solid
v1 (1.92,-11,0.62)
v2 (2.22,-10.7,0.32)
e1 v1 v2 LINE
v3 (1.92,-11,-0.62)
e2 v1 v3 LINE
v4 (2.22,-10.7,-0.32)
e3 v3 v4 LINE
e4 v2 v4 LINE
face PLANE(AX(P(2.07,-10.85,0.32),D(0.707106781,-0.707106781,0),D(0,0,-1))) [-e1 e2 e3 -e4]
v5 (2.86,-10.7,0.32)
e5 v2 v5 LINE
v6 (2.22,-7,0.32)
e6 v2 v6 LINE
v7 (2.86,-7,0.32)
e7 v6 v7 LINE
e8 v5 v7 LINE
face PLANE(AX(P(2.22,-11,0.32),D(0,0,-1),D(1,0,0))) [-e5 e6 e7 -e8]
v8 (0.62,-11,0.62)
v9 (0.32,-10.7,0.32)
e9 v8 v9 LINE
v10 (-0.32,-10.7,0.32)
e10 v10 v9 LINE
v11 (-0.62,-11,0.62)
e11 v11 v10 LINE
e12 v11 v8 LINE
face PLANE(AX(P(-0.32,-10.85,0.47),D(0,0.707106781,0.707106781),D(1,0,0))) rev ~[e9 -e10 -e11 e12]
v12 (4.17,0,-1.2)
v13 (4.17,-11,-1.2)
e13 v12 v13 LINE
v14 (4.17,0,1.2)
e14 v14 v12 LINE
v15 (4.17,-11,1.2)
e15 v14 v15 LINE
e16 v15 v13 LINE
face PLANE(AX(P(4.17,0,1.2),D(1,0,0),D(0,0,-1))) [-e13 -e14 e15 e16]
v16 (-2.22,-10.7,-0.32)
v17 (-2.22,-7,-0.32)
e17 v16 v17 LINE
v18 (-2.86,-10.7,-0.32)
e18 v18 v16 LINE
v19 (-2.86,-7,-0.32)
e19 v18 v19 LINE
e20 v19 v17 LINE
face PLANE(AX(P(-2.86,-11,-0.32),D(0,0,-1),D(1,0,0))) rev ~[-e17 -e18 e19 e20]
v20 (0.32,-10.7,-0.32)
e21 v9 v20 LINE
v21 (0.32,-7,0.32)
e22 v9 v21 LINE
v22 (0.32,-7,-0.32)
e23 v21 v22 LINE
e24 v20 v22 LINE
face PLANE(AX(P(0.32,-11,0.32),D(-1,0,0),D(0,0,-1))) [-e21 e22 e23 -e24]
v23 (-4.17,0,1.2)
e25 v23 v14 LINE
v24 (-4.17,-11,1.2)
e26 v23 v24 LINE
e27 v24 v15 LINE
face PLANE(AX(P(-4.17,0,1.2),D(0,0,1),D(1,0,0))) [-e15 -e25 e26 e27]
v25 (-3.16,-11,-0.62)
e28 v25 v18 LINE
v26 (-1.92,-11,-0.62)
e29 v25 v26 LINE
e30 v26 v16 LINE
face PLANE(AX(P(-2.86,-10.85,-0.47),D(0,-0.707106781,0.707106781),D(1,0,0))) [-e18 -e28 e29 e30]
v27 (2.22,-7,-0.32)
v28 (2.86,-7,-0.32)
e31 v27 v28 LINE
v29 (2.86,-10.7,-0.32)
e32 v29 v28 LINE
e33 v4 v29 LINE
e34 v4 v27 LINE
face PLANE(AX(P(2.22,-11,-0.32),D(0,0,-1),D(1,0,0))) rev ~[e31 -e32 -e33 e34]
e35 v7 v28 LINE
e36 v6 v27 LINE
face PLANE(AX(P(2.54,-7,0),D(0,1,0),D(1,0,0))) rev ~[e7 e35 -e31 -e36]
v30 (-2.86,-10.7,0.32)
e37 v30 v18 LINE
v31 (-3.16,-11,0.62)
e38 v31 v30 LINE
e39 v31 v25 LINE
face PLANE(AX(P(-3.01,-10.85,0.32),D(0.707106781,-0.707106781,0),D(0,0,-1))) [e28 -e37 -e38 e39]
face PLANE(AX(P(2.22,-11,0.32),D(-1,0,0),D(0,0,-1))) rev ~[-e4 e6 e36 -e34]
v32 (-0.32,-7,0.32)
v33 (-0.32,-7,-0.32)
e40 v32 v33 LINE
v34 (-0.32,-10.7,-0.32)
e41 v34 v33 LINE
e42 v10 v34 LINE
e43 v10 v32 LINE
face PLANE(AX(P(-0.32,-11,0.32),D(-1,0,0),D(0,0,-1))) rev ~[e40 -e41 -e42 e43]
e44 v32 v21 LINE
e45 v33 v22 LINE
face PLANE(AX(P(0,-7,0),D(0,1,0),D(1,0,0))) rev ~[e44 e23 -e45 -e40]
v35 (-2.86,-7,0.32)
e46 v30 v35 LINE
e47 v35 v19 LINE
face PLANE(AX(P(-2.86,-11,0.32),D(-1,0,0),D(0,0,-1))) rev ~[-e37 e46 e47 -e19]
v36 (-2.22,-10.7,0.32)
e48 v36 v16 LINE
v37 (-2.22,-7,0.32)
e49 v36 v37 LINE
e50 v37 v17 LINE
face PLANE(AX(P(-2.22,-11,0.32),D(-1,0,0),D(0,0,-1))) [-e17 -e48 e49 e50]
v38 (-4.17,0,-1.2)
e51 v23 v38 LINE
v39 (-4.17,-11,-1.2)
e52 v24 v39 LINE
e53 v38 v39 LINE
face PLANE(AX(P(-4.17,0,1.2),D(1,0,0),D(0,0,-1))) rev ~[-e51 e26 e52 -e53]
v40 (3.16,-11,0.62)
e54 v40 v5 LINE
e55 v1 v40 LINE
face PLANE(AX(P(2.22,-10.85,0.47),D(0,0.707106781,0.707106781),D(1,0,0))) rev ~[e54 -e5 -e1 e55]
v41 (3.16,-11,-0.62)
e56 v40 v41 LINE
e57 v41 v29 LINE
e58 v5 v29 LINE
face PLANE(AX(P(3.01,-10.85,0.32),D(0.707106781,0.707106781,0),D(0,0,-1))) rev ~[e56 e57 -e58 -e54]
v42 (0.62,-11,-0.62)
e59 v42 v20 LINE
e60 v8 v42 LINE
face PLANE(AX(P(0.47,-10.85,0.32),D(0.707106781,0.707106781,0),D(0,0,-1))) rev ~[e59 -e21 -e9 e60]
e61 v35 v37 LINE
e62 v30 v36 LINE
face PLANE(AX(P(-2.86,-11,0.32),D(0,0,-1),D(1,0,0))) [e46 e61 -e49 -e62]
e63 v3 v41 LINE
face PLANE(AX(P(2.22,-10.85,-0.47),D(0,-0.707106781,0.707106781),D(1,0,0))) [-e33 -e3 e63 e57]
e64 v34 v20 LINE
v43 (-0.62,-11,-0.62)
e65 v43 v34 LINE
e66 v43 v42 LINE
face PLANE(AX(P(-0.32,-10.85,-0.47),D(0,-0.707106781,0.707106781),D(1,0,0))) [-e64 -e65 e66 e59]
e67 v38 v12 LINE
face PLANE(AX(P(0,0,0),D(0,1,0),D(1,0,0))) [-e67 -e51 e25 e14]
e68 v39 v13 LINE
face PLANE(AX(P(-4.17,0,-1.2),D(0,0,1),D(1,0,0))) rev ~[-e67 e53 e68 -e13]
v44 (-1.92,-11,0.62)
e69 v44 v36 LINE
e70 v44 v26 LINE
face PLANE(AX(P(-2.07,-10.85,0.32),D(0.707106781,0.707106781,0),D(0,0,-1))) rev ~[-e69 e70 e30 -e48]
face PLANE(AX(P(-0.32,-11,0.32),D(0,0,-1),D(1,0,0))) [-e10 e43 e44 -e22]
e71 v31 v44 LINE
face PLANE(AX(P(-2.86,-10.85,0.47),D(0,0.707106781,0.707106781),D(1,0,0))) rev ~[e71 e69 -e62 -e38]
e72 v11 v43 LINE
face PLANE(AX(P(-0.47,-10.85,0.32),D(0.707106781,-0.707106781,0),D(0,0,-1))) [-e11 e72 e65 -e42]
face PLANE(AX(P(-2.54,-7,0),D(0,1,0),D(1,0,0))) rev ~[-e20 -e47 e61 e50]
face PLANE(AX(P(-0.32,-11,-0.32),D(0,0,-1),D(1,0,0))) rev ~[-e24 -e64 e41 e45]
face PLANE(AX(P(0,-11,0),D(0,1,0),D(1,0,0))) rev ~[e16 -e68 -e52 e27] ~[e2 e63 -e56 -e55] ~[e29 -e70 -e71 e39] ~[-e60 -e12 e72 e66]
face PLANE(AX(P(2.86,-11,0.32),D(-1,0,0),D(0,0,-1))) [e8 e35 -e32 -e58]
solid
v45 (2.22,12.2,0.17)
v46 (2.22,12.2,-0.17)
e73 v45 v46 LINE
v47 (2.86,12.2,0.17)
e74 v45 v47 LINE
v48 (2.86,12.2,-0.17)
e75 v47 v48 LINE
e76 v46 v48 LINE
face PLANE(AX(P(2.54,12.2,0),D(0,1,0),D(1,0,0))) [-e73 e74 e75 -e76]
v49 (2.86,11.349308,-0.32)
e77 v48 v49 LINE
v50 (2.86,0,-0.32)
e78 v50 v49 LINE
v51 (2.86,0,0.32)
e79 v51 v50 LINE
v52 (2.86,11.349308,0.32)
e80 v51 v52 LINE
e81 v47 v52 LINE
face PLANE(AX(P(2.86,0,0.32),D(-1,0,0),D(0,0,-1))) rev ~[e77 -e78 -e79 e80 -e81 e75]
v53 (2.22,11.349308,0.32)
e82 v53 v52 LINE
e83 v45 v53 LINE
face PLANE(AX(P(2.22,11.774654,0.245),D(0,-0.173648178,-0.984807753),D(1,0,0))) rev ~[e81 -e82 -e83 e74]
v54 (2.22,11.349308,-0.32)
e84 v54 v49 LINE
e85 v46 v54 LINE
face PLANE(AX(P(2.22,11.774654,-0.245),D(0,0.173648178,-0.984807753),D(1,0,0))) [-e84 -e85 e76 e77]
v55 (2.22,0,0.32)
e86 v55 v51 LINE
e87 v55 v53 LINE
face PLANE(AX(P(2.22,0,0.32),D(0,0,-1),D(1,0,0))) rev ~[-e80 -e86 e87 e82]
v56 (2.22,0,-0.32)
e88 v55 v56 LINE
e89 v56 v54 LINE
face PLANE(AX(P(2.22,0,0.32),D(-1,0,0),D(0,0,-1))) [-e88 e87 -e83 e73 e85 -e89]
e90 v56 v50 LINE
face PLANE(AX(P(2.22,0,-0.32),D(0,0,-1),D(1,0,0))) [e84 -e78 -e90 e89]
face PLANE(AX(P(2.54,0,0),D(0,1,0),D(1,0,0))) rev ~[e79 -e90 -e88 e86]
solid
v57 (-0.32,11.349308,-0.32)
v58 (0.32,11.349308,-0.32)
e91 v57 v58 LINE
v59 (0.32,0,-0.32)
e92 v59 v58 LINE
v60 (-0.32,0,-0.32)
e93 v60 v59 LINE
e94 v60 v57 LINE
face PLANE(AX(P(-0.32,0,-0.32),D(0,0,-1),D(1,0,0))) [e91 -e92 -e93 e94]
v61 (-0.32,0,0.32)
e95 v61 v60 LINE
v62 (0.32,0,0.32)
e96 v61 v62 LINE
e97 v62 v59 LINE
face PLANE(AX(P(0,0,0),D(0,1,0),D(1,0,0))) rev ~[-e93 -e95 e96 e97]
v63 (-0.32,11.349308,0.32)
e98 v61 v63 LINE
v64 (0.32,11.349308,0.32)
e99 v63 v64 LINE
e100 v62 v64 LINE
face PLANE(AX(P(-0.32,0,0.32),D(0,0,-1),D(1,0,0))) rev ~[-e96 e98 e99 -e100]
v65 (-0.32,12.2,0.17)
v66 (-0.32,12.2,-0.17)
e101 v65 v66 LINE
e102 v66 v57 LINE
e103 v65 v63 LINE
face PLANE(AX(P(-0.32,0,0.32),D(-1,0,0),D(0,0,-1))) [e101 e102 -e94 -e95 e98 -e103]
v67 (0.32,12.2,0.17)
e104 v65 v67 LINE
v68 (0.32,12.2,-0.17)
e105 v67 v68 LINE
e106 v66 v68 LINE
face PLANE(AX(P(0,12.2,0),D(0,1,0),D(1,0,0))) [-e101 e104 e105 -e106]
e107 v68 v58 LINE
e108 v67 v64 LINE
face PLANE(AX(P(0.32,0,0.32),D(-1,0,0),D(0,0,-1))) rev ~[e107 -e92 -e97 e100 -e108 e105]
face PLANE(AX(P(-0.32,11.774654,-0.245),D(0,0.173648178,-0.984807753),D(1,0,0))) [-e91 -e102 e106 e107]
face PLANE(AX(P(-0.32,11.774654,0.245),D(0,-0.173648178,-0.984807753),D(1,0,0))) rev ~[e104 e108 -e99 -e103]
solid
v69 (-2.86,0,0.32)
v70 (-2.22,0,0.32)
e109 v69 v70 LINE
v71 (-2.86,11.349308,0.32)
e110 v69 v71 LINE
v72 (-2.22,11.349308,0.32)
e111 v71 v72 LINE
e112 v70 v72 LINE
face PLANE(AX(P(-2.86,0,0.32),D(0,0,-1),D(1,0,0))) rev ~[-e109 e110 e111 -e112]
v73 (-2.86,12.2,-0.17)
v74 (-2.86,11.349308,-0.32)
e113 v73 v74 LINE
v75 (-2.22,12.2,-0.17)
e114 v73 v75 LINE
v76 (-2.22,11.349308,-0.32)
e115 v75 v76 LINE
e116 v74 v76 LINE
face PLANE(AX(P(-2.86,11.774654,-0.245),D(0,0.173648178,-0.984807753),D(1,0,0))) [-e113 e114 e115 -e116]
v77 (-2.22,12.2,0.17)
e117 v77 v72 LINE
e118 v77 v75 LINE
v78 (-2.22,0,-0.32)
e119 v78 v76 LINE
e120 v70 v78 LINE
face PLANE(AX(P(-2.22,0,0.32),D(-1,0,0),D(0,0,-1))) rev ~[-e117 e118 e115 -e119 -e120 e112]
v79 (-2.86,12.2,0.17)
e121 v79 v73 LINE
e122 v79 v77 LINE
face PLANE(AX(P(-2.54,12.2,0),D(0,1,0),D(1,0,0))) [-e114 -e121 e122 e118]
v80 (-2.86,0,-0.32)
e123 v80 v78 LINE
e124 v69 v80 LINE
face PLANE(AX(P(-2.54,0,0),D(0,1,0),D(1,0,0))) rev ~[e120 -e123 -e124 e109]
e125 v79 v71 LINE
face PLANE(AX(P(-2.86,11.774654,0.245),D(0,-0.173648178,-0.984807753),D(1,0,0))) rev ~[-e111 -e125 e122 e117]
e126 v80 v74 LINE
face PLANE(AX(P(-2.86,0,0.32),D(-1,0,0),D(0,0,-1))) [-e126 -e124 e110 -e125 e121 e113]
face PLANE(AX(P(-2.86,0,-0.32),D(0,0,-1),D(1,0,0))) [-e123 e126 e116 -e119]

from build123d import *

# Parameters (mm, degrees)
SKETCH1_W             = 8.34
SKETCH1_H             = 2.4
BOSS_EXTRUDE1_DEPTH   = 11
SKETCH2_W             = 0.64
SKETCH2_H             = 0.64
BOSS_EXTRUDE2_DEPTH   = 12.2
BOSS_EXTRUDE2_2_DEPTH = 12.2
BOSS_EXTRUDE2_3_DEPTH = 12.2
CHAMFER1_SIZE         = 0.15
CHAMFER1_SIZE2        = 0.850692273
CHAMFER2_SIZE         = 0.15
CHAMFER2_SIZE2        = 0.850692273
CHAMFER3_SIZE         = 0.15
CHAMFER3_SIZE2        = 0.850692273
CUT_EXTRUDE1_START    = -11
SKETCH2_2_W           = 0.64
SKETCH2_2_H           = 0.64
CUT_EXTRUDE1_DEPTH    = 4
CHAMFER4_SIZE         = 0.3


with BuildPart() as part:
    # Sketch1 → Boss-Extrude1 (new body)
    with BuildSketch(Plane(origin=(0, 0, 0), x_dir=(1, 0, 0), z_dir=(0, 1, 0))):
        Rectangle(SKETCH1_W, SKETCH1_H)
    extrude(amount=-BOSS_EXTRUDE1_DEPTH)

    # Sketch2<2> → Cut-Extrude1 (cut)
    with BuildSketch(Plane(origin=(0, 0, 0), x_dir=(1, 0, 0), z_dir=(0, 1, 0)).offset(CUT_EXTRUDE1_START)):
        Rectangle(SKETCH2_2_W, SKETCH2_2_H)
        with Locations((-2.54, 0)):
            Rectangle(SKETCH2_2_W, SKETCH2_2_H)
        with Locations((2.54, 0)):
            Rectangle(SKETCH2_2_W, SKETCH2_2_H)
    extrude(amount=CUT_EXTRUDE1_DEPTH, mode=Mode.SUBTRACT)

    # Chamfer4
    chamfer4_edges = [part.edges().sort_by_distance(p)[0] for p in [
        (-0.32, -11, 0),
        (0, -11, 0.32),
        (0.32, -11, 0),
        (0, -11, -0.32),
        (-2.86, -11, 0),
        (-2.54, -11, 0.32),
        (-2.22, -11, 0),
        (-2.54, -11, -0.32),
        (2.54, -11, -0.32),
        (2.22, -11, 0),
        (2.54, -11, 0.32),
        (2.86, -11, 0),
    ]]
    chamfer(chamfer4_edges, length=CHAMFER4_SIZE)


with BuildPart() as body_2:
    # Sketch2 → Boss-Extrude2 (new body)
    with BuildSketch(Plane(origin=(0, 0, 0), x_dir=(1, 0, 0), z_dir=(0, 1, 0))):
        Rectangle(SKETCH2_W, SKETCH2_H)
    extrude(amount=BOSS_EXTRUDE2_DEPTH)

    # Chamfer2
    chamfer2_edges = [body_2.edges().sort_by_distance(p)[0] for p in [
        (0, 12.2, -0.32),
        (0, 12.2, 0.32),
    ]]
    chamfer2_side = [body_2.faces().sort_by_distance(p)[0] for p in [
        (0, 12.2, 0),
    ]]
    chamfer(chamfer2_edges, length=CHAMFER2_SIZE, length2=CHAMFER2_SIZE2, reference=chamfer2_side[0])


with BuildPart() as body_3:
    # Sketch2 → Boss-Extrude2 2 (new body)
    with BuildSketch(Plane(origin=(0, 0, 0), x_dir=(1, 0, 0), z_dir=(0, 1, 0))):
        with Locations((-2.54, 0)):
            Rectangle(SKETCH2_W, SKETCH2_H)
    extrude(amount=BOSS_EXTRUDE2_2_DEPTH)

    # Chamfer1
    chamfer1_edges = [body_3.edges().sort_by_distance(p)[0] for p in [
        (-2.54, 12.2, -0.32),
        (-2.54, 12.2, 0.32),
    ]]
    chamfer1_side = [body_3.faces().sort_by_distance(p)[0] for p in [
        (-2.54, 12.2, 0),
    ]]
    chamfer(chamfer1_edges, length=CHAMFER1_SIZE, length2=CHAMFER1_SIZE2, reference=chamfer1_side[0])


with BuildPart() as body_4:
    # Sketch2 → Boss-Extrude2 3 (new body)
    with BuildSketch(Plane(origin=(0, 0, 0), x_dir=(1, 0, 0), z_dir=(0, 1, 0))):
        with Locations((2.54, 0)):
            Rectangle(SKETCH2_W, SKETCH2_H)
    extrude(amount=BOSS_EXTRUDE2_3_DEPTH)

    # Chamfer3
    chamfer3_edges = [body_4.edges().sort_by_distance(p)[0] for p in [
        (2.54, 12.2, 0.32),
        (2.54, 12.2, -0.32),
    ]]
    chamfer3_side = [body_4.faces().sort_by_distance(p)[0] for p in [
        (2.54, 12.2, 0),
    ]]
    chamfer(chamfer3_edges, length=CHAMFER3_SIZE, length2=CHAMFER3_SIZE2, reference=chamfer3_side[0])


solid = Compound([part.part, body_2.part, body_3.part, body_4.part])
